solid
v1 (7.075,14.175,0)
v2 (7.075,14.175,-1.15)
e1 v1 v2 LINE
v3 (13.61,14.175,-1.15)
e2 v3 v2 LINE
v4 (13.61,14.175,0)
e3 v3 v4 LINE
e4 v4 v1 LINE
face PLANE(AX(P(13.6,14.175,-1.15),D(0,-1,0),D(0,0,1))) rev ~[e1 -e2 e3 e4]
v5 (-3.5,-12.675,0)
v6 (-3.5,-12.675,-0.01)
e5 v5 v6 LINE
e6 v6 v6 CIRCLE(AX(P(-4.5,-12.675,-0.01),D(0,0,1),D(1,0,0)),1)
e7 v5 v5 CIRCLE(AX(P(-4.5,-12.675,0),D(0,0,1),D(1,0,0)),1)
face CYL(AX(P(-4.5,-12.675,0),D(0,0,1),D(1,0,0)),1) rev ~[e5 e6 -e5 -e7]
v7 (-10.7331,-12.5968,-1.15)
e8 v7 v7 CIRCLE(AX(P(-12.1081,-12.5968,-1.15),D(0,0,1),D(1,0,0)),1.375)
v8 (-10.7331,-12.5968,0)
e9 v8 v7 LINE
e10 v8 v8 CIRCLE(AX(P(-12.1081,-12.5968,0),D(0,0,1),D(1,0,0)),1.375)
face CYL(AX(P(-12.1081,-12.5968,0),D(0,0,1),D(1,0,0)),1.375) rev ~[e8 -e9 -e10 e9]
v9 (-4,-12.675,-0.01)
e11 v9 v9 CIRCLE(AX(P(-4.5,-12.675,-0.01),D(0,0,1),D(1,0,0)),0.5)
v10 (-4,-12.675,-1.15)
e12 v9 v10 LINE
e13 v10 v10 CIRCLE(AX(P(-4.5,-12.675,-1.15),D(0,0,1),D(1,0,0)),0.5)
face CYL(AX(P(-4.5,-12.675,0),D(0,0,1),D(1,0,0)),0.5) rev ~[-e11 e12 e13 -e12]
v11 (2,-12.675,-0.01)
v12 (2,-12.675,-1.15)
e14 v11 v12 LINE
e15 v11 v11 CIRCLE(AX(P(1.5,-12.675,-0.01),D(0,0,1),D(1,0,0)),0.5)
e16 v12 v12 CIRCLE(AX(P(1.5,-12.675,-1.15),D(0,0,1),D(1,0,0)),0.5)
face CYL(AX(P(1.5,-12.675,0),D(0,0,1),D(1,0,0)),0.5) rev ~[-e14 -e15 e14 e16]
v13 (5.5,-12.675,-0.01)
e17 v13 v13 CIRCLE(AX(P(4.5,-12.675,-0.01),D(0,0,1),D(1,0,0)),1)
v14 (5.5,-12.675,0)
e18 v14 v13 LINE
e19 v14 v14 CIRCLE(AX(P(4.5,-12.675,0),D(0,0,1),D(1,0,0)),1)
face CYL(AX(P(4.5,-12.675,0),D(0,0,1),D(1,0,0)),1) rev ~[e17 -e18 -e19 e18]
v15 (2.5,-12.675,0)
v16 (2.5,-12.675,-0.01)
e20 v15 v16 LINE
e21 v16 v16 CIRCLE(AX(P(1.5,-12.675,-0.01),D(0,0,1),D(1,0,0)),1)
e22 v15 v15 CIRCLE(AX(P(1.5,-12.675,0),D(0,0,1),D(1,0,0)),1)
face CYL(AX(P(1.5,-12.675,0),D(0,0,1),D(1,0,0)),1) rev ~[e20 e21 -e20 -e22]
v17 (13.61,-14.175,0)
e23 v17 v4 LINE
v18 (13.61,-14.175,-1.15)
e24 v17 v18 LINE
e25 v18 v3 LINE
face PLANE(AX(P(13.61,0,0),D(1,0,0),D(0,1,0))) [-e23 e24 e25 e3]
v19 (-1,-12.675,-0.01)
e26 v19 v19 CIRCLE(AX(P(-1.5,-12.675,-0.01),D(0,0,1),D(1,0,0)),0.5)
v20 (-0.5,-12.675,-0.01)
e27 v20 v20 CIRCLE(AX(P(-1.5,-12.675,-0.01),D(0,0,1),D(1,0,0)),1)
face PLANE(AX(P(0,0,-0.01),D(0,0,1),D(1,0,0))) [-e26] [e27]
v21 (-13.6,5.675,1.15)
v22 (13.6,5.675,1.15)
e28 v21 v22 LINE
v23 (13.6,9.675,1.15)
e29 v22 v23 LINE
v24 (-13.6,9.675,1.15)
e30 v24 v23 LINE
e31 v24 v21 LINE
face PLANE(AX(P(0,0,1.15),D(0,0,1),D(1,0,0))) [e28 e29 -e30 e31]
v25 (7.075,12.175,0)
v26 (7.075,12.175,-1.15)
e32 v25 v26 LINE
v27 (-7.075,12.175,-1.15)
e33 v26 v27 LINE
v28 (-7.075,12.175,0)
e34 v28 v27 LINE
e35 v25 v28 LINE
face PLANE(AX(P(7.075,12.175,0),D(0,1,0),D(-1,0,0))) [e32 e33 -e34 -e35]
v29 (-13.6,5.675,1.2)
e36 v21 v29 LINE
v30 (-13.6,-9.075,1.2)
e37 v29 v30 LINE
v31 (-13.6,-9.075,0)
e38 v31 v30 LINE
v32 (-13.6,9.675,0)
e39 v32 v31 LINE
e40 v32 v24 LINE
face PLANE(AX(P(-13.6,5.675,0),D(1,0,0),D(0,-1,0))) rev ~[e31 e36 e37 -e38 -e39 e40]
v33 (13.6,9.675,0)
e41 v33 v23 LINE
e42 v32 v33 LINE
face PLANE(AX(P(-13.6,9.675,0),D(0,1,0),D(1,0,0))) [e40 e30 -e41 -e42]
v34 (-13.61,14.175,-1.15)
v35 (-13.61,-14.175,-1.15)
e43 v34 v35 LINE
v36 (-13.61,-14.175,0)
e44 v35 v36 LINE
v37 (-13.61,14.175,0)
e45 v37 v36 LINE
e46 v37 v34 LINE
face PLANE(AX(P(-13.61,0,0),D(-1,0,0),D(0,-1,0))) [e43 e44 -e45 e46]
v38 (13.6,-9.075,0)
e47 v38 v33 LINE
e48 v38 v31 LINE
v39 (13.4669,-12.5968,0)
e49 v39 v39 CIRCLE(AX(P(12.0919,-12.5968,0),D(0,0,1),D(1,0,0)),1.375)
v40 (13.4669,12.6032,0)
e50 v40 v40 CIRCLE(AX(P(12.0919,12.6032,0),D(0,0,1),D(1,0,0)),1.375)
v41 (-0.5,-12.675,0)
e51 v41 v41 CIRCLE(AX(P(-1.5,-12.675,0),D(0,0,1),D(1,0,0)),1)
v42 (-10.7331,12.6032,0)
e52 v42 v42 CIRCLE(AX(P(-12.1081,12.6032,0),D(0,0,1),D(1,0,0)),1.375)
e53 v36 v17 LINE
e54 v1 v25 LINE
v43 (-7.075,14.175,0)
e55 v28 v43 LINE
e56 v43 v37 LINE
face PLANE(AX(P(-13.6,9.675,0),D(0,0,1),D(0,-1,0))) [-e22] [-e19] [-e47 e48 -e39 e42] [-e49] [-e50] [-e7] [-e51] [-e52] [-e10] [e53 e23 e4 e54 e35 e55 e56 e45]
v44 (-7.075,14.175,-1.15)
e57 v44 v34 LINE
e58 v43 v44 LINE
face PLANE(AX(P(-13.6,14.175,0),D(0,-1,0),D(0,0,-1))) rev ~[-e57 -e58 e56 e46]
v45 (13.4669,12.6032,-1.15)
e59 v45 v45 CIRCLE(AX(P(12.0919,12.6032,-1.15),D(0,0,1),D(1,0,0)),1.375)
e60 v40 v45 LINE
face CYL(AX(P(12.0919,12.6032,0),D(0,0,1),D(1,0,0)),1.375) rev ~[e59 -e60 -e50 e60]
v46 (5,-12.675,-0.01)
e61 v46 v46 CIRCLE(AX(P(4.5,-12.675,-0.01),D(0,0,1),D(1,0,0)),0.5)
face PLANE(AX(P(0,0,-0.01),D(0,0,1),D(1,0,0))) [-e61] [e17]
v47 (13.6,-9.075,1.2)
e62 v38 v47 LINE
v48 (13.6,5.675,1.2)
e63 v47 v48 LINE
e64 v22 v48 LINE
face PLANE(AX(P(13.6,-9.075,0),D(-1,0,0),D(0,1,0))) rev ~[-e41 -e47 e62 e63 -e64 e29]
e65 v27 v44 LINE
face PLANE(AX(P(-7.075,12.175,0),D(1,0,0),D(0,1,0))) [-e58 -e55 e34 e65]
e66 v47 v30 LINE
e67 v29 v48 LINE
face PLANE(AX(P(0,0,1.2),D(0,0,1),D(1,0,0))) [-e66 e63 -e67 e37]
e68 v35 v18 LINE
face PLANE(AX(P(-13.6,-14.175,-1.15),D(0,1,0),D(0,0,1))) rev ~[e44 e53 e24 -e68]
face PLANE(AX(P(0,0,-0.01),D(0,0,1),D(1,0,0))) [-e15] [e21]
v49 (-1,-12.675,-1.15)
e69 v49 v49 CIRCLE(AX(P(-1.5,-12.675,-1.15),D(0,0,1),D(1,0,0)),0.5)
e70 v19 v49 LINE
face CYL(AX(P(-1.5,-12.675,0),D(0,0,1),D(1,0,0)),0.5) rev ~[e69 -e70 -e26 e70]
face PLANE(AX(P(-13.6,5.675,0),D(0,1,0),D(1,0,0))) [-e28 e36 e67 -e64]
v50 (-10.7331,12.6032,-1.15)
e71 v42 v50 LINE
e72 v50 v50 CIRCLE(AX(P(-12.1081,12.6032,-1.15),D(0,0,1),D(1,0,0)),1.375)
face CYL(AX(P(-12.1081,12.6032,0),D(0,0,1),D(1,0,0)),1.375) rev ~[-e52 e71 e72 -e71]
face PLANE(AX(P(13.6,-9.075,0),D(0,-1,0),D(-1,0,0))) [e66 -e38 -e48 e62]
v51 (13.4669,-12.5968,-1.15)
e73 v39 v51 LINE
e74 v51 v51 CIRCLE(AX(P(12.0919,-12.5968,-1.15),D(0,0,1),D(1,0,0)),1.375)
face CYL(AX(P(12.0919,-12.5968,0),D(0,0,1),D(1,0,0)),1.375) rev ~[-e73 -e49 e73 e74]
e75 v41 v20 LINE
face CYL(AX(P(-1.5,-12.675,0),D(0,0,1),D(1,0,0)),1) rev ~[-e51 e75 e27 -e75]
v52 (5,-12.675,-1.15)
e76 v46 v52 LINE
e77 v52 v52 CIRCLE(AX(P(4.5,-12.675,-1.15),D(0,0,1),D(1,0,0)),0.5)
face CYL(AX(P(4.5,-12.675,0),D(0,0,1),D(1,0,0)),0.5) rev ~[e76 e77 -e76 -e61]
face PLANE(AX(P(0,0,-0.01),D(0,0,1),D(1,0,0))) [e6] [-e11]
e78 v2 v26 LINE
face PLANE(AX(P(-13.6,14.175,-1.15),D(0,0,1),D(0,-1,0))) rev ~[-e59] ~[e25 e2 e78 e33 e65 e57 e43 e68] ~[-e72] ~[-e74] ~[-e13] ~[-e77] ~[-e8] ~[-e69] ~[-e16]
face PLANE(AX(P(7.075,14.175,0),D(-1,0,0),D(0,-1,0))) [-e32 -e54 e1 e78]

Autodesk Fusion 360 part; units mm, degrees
sketch "Sketch1" plane through (0, 0, 0) normal (0, 0, 1) x (1, 0, 0)
  line L0 (13.6, 14.175) -> (-13.6, 14.175)
  line L1 (-13.6, 14.175) -> (-13.6, -14.175)
  line L2 (-13.6, -14.175) -> (13.6, -14.175)
  line L3 (13.6, -14.175) -> (13.6, 14.175)
  line L4 (13.6, 14.175) -> (-13.6, -14.175) construction
  line L5 (-13.6, 14.175) -> (13.6, -14.175) construction
  line L6 (-7.075, 14.175) -> (7.075, 14.175)
  line L7 (7.075, 14.175) -> (7.075, 12.175)
  line L8 (7.075, 12.175) -> (-7.075, 12.175)
  line L9 (-7.075, 12.175) -> (-7.075, 14.175)
  line L10 (-13.6, 9.675) -> (13.6, 9.675)
  line L11 (13.6, 9.675) -> (13.6, -9.075)
  line L12 (13.6, -9.075) -> (-13.6, -9.075)
  line L13 (-13.6, -9.075) -> (-13.6, 9.675)
  line L14 (-13.6, 5.675) -> (13.6, 5.675)
  circle A0 centre (12.0919, 12.6032) radius 1.375
  circle A1 centre (-4.5, -12.675) radius 1
  circle A2 centre (-4.5, -12.675) radius 1
  circle A3 centre (-1.5, -12.675) radius 1
  circle A4 centre (1.5, -12.675) radius 1
  circle A5 centre (4.5, -12.675) radius 1
  line L15 (-4.5, -12.675) -> (4.5, -12.675) construction
  line L16 (0, -14.175) -> (0, -11.175) construction
  circle A6 centre (-4.5, -12.675) radius 0.5
  circle A7 centre (-1.5, -12.675) radius 0.5
  circle A8 centre (1.5, -12.675) radius 0.5
  circle A9 centre (4.5, -12.675) radius 0.5
  circle A10 centre (-12.1081, 12.6032) radius 1.375
  circle A11 centre (12.0919, -12.5968) radius 1.375
  circle A12 centre (-12.1081, -12.5968) radius 1.375
  dimension "d1" = 27.2
  dimension "d2" = 28.35
  dimension "d3" = 14.15
  dimension "d4" = 2
  dimension "d5" = 18.75
  dimension "d6" = 4.5
  dimension "d7" = 4
  dimension "d8" = 2.75
  dimension "d22" = 2
  dimension "d23" = 2
  dimension "d26" = 3
  dimension "d27" = 0
  dimension "d30" = 3
  dimension "d31" = 1
  dimension "d36" = -24.2
  dimension "d37" = -25.2
extrude "Extrude1" add sketch "Sketch1" against normal blind 1.15 contours L0 L1 L3 L7 L8 L9 L10 | L1 L3 L10 L11 L13 L14 | L1 L3 L11 L12 L13 L14 | L1 L2 L3 L12 | A1 A2 | A3 | A4 | A5
extrude "Extrude2" add sketch "Sketch1" along normal blind 1.15 contours L1 L3 L10 L11 L13 L14
extrude "Extrude3" add sketch "Sketch1" along normal blind 1.2 contours L1 L3 L11 L12 L13 L14
sketch "Sketch2" plane through (13.6, 0, 0) normal (1, 0, 0) x (0, 1, 0)
  line L0 (-9.075, 0) -> (-14.175, 0)
  line L1 (-14.175, 0) -> (-14.175, -1.15)
  line L2 (-14.175, -1.15) -> (14.175, -1.15)
  line L3 (14.175, -1.15) -> (14.175, 0)
  line L4 (14.175, 0) -> (9.675, 0)
  line L5 (9.675, 0) -> (9.675, 1.15)
  line L6 (9.675, 1.15) -> (5.675, 1.15)
  line L7 (5.675, 1.15) -> (5.675, 1.2)
  line L8 (5.675, 1.2) -> (-9.075, 1.2)
  line L9 (-9.075, 1.2) -> (-9.075, 0)
  line L10 (-9.075, 0) -> (9.675, 0)
extrude "Extrude4" add sketch "Sketch2" along normal blind 0.01 contours L0 L1 L2 L3 L4 L10
sketch "Sketch3" plane through (-13.6, 0, 0) normal (-1, 0, 0) x (0, -1, 0)
  line L0 (-9.675, 0) -> (-14.175, 0)
  line L1 (-14.175, 0) -> (-14.175, -1.15)
  line L2 (-14.175, -1.15) -> (14.175, -1.15)
  line L3 (14.175, -1.15) -> (14.175, 0)
  line L4 (14.175, 0) -> (9.075, 0)
  line L5 (9.075, 0) -> (9.075, 1.2)
  line L6 (9.075, 1.2) -> (-5.675, 1.2)
  line L7 (-5.675, 1.2) -> (-5.675, 1.15)
  line L8 (-5.675, 1.15) -> (-9.675, 1.15)
  line L9 (-9.675, 1.15) -> (-9.675, 0)
  line L10 (-9.675, 0) -> (9.075, 0)
extrude "Extrude5" add sketch "Sketch3" along normal blind 0.01 contours L0 L1 L2 L3 L4 L10
extrude "Extrude6" cut sketch "Sketch1" against normal blind 0.01 contours A1 A2 | A3 | A4 | A5
equation "d26 = 1 mm + 2 mm"
